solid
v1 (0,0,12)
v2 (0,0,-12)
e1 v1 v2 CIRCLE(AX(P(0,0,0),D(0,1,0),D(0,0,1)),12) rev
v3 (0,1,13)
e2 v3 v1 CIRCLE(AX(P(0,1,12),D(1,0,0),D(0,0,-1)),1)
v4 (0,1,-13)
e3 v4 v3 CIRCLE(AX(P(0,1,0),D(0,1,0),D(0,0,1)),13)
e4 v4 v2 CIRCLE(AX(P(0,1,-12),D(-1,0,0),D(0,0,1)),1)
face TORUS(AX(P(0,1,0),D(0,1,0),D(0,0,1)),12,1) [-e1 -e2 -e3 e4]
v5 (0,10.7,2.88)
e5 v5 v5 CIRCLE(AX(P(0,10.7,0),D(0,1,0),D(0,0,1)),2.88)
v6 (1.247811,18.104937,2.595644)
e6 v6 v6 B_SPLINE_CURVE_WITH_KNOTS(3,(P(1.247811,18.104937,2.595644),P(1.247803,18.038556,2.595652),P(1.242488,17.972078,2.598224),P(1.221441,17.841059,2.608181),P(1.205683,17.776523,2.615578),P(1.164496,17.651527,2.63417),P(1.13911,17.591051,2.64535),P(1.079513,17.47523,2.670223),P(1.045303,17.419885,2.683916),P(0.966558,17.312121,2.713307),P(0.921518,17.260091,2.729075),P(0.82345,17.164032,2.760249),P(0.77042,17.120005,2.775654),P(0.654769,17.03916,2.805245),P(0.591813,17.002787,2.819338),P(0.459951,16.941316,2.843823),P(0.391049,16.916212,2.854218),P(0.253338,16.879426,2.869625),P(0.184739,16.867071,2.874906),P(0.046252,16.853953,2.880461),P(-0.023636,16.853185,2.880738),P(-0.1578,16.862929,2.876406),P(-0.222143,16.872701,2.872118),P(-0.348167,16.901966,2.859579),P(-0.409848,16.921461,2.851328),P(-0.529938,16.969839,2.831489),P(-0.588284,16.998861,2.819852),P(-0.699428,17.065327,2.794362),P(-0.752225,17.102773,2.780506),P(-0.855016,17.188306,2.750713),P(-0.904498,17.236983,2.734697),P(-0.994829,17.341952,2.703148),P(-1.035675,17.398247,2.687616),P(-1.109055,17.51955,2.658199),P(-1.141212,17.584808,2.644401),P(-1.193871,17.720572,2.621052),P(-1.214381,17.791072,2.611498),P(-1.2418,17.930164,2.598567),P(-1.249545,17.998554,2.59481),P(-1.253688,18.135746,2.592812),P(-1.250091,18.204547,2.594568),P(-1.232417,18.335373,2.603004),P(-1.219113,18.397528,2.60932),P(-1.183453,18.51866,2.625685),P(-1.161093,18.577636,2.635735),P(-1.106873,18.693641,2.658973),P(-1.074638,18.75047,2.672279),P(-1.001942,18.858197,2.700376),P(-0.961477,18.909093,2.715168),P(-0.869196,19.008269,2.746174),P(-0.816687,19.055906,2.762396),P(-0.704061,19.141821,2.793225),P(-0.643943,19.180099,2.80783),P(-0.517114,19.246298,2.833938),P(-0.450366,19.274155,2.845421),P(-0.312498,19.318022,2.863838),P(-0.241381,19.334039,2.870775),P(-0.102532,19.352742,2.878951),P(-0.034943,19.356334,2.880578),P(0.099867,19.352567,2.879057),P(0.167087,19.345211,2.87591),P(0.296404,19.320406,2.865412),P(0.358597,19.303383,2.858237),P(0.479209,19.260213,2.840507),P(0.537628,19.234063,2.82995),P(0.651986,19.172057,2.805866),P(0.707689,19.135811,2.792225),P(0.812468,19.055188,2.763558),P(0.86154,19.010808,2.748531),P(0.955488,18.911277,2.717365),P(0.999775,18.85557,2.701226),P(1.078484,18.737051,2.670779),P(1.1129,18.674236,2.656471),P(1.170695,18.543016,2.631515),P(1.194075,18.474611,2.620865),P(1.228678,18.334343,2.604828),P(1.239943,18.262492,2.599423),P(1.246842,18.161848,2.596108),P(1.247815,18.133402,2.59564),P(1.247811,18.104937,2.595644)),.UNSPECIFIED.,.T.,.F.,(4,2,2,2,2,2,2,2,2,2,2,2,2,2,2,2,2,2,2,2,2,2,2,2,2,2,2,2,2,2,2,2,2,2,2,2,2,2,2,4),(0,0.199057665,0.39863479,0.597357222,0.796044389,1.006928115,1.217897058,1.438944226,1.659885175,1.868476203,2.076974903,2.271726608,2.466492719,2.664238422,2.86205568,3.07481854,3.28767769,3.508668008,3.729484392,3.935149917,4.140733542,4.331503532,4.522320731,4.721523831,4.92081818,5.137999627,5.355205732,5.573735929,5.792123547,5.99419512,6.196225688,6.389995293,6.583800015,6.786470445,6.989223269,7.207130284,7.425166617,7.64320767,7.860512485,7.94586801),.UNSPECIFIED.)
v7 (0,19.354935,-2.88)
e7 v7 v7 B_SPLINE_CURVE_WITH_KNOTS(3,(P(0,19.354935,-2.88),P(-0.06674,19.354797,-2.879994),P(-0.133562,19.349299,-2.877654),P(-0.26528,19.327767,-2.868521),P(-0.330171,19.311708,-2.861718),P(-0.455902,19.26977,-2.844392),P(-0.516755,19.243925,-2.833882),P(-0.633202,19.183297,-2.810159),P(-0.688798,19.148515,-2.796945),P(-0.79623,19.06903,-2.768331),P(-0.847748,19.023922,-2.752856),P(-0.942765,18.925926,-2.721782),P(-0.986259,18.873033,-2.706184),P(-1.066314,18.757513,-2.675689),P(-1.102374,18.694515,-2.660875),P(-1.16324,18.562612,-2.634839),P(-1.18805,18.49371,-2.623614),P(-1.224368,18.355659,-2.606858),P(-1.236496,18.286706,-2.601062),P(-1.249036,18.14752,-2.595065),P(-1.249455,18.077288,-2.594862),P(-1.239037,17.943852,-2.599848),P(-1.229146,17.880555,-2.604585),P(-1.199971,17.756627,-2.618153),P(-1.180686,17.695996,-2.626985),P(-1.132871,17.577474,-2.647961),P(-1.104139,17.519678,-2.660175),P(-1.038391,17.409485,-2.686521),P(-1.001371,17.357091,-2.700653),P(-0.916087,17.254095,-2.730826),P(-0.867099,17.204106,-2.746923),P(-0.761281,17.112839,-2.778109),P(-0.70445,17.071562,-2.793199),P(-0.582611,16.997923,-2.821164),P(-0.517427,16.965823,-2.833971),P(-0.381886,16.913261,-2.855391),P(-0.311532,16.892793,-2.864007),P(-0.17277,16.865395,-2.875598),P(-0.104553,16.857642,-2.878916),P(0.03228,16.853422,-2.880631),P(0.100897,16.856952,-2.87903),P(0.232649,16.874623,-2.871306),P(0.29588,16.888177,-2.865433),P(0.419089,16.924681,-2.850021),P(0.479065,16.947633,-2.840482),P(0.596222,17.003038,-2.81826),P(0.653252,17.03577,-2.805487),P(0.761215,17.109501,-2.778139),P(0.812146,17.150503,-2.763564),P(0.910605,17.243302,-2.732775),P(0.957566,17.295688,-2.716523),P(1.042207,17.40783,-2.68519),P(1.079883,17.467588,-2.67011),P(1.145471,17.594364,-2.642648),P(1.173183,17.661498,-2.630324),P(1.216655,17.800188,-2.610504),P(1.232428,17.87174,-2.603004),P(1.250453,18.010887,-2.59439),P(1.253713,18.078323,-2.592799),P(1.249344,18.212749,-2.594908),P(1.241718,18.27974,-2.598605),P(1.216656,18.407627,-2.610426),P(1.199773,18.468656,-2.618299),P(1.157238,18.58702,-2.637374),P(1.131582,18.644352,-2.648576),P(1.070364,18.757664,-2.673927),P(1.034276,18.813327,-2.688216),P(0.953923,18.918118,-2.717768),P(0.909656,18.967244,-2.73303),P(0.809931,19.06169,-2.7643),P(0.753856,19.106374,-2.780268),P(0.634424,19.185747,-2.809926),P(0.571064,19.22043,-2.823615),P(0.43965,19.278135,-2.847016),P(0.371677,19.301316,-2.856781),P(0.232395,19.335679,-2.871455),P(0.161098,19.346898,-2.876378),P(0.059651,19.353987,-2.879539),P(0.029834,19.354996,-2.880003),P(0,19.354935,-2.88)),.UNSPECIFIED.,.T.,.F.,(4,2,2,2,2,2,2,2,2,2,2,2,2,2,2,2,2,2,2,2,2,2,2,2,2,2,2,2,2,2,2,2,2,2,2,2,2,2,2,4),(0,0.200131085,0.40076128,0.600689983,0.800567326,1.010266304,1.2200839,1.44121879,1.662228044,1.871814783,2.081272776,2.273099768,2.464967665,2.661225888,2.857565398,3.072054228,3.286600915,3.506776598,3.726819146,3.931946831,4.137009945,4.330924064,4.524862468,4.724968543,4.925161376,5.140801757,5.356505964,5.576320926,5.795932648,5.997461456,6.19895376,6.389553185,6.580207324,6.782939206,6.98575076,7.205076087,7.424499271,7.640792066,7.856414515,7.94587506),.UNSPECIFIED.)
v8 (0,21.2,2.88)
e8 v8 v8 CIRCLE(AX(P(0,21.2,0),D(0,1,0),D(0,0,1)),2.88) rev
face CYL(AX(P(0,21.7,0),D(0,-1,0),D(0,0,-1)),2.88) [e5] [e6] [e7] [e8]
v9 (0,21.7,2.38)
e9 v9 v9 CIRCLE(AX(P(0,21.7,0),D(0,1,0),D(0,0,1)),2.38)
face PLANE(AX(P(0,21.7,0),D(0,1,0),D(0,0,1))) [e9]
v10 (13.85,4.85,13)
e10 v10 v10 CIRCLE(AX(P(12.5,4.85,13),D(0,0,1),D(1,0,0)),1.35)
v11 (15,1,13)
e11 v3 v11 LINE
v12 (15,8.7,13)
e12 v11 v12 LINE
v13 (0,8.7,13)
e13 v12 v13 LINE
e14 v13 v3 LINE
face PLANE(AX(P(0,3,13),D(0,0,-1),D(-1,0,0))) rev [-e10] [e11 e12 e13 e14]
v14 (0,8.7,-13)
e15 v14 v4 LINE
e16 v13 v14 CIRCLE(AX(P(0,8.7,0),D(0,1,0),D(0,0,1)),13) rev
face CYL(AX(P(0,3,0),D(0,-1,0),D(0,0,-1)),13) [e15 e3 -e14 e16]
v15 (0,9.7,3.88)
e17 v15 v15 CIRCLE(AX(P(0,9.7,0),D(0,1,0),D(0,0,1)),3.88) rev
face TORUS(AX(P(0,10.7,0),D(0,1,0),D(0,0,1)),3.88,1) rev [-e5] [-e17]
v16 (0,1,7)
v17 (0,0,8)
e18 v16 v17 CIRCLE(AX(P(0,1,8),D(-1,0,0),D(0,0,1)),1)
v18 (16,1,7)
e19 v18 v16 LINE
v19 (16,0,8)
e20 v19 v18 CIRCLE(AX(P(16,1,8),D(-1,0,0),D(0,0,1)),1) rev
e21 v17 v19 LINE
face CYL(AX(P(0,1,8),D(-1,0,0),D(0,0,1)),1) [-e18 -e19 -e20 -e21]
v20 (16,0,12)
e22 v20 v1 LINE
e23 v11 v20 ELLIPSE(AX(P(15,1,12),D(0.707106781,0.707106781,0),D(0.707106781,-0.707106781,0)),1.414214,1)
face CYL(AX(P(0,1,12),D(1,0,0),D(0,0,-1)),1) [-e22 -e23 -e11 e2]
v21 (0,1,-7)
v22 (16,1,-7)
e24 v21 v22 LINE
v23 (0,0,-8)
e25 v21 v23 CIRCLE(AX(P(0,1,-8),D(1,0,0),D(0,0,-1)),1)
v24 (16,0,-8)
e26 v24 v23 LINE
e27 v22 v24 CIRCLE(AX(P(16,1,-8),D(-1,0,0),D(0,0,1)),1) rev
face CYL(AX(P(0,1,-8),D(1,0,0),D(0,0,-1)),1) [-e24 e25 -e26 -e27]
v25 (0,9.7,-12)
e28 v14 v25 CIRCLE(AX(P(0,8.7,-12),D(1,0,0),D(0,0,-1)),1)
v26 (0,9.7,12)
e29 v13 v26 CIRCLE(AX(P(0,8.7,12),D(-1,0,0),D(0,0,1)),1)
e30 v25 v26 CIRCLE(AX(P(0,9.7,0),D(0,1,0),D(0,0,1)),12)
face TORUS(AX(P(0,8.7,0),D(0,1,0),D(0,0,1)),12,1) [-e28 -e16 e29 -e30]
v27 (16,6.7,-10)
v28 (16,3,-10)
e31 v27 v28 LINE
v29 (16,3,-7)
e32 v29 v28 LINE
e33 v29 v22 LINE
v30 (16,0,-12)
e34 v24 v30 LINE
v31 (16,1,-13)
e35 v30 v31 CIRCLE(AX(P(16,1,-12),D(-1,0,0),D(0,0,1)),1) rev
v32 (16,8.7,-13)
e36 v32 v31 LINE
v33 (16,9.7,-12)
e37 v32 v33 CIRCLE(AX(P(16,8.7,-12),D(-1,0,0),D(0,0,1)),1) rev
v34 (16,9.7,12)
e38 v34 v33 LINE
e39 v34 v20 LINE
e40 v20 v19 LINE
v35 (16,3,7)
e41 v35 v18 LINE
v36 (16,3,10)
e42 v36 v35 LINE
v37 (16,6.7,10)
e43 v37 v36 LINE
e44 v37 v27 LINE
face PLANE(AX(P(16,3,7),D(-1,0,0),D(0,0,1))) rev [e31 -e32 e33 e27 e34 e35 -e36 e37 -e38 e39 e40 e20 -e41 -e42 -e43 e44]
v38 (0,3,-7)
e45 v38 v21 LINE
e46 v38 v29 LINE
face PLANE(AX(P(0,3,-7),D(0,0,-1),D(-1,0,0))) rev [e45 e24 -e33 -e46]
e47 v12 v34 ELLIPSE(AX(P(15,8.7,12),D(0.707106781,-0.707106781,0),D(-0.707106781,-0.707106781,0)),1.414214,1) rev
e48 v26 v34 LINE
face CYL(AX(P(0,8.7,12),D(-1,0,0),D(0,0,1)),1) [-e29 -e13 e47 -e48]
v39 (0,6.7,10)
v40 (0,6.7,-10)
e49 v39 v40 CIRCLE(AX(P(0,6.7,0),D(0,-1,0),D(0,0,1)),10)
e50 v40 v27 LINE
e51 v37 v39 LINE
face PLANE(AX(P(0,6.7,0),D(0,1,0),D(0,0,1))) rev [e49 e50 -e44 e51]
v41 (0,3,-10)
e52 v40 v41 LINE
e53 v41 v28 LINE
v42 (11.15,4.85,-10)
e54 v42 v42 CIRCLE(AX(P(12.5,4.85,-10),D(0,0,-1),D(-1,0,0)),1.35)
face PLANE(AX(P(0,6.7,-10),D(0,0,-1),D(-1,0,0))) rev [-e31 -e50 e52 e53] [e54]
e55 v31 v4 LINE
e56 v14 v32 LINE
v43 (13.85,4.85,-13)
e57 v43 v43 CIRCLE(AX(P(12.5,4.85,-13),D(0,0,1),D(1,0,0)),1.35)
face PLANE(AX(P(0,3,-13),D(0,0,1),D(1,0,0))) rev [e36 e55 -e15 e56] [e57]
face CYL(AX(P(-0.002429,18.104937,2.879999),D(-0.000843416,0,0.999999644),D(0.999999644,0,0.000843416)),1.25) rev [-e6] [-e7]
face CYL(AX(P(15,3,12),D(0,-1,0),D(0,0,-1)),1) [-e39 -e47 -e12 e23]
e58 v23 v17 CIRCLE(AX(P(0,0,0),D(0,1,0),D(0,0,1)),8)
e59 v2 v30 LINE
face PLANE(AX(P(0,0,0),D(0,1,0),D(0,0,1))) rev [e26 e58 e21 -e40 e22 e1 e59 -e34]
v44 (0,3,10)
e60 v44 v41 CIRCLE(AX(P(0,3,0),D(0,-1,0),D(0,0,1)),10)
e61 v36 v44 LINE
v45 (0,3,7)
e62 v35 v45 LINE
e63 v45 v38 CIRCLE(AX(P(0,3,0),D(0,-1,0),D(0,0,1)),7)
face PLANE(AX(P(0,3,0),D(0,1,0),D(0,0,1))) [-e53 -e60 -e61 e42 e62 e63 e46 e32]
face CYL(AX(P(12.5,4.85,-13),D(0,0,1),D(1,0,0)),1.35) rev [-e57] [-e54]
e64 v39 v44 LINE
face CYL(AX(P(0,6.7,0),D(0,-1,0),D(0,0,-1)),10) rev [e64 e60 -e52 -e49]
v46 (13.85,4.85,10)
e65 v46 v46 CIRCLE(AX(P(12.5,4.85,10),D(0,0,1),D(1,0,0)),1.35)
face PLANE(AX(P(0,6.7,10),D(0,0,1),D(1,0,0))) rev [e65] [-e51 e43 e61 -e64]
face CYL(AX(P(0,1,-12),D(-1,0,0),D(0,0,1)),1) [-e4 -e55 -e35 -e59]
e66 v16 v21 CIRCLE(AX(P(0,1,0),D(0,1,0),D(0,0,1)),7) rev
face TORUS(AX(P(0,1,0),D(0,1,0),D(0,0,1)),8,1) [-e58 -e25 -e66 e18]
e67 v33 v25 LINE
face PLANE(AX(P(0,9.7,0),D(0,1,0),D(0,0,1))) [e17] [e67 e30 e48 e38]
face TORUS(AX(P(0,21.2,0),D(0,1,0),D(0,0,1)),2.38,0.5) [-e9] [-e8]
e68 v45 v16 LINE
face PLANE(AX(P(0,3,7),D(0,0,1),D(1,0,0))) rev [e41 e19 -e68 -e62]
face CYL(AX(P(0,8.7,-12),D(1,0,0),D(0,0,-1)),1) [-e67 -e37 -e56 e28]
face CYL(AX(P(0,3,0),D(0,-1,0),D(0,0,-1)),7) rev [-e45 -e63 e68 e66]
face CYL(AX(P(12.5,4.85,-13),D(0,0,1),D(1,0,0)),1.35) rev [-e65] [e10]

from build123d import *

# Parameters (mm, degrees)
BOSS_EXTRUDE1_DEPTH   = 3
BOSS_EXTRUDE2_DEPTH   = 3.7
BOSS_EXTRUDE3_DEPTH   = 3
SKETCH4_R             = 2.88
BOSS_EXTRUDE4_DEPTH   = 12
F_2_5MM_DOWEL_HOLE1_D = 2.5
SKETCH8_R             = 1.35
CUT_EXTRUDE1_DEPTH    = 38.455173265
FILLET1_R             = 1
FILLET2_R             = 1
FILLET3_R             = 0.5


with BuildPart() as part:
    # Sketch1 → Boss-Extrude1 (new body)
    with BuildSketch(Plane(origin=(0, 0, 0), x_dir=(1, 0, 0), z_dir=(0, 1, 0))):
        with BuildLine():
            Line((0, 13), (16, 13))
            Line((16, 13), (16, 7))
            Line((16, 7), (0, 7))
            ThreePointArc((0, 7), (-7, 0), (0, -7))
            Line((0, -7), (16, -7))
            Line((16, -7), (16, -13))
            Line((16, -13), (0, -13))
            ThreePointArc((0, -13), (-13, 0), (0, 13))
        make_face()
    extrude(amount=BOSS_EXTRUDE1_DEPTH)

    # Sketch2 → Boss-Extrude2 (add)
    with BuildSketch(Plane(origin=(0, 3, 0), x_dir=(1, 0, 0), z_dir=(0, 1, 0))):
        with BuildLine():
            Line((0, 13), (16, 13))
            Line((16, 13), (16, 10))
            Line((16, 10), (0, 10))
            ThreePointArc((0, 10), (-10, 0), (0, -10))
            Line((0, -10), (16, -10))
            Line((16, -10), (16, -13))
            Line((16, -13), (0, -13))
            ThreePointArc((0, -13), (-13, 0), (0, 13))
        make_face()
    extrude(amount=BOSS_EXTRUDE2_DEPTH)

    # Sketch3 → Boss-Extrude3 (add)
    with BuildSketch(Plane(origin=(0, 6.7, 0), x_dir=(1, 0, 0), z_dir=(0, 1, 0))):
        with BuildLine():
            Line((16, 13), (0, 13))
            ThreePointArc((0, 13), (-13, 0), (0, -13))
            Line((0, -13), (16, -13))
            Line((16, -13), (16, -7))
            Line((16, -7), (16, 7))
            Line((16, 7), (16, 13))
        make_face()
    extrude(amount=BOSS_EXTRUDE3_DEPTH)

    # Sketch4 → Boss-Extrude4 (add)
    with BuildSketch(Plane(origin=(0, 9.7, 0), x_dir=(1, 0, 0), z_dir=(0, 1, 0))):
        with Locations(Location((0, 0, 0), (0, 0, 270))):
            Circle(SKETCH4_R)
    extrude(amount=BOSS_EXTRUDE4_DEPTH)

    # Ø2.5mm Dowel Hole1 (through all)
    with Locations(Plane(origin=(-0.002429038, 18.104937254, 2.879998976), x_dir=(0.999999644325, 0, 0.000843415861), z_dir=(-0.000843415861, 0, 0.999999644325))):
        with Locations((0, 0)):
            Hole(F_2_5MM_DOWEL_HOLE1_D / 2)

    # Sketch8 → Cut-Extrude1 (cut, through all)
    with BuildSketch(Plane.XY.offset(13)):
        with Locations((12.5, 4.85)):
            Circle(SKETCH8_R)
    extrude(amount=-CUT_EXTRUDE1_DEPTH, mode=Mode.SUBTRACT)

    # Fillet1
    fillet1_edges = [part.edges().sort_by_distance(p)[0] for p in [
        (8, 0, -13),
        (8, 0, -7),
        (-7, 0, 0),
        (16, 4.85, 13),
        (-13, 9.7, 0),
        (8, 9.7, 13),
        (8, 9.7, -13),
        (8, 0, 7),
        (8, 0, 13),
        (-13, 0, 0),
    ]]
    fillet(fillet1_edges, radius=FILLET1_R)

    # Fillet2
    fillet2_edges = [part.edges().sort_by_distance(p)[0] for p in [
        (0, 9.7, -2.88),
    ]]
    fillet(fillet2_edges, radius=FILLET2_R)

    # Fillet3
    fillet3_edges = [part.edges().sort_by_distance(p)[0] for p in [
        (0, 21.7, -2.88),
    ]]
    fillet(fillet3_edges, radius=FILLET3_R)


solid = part.part
